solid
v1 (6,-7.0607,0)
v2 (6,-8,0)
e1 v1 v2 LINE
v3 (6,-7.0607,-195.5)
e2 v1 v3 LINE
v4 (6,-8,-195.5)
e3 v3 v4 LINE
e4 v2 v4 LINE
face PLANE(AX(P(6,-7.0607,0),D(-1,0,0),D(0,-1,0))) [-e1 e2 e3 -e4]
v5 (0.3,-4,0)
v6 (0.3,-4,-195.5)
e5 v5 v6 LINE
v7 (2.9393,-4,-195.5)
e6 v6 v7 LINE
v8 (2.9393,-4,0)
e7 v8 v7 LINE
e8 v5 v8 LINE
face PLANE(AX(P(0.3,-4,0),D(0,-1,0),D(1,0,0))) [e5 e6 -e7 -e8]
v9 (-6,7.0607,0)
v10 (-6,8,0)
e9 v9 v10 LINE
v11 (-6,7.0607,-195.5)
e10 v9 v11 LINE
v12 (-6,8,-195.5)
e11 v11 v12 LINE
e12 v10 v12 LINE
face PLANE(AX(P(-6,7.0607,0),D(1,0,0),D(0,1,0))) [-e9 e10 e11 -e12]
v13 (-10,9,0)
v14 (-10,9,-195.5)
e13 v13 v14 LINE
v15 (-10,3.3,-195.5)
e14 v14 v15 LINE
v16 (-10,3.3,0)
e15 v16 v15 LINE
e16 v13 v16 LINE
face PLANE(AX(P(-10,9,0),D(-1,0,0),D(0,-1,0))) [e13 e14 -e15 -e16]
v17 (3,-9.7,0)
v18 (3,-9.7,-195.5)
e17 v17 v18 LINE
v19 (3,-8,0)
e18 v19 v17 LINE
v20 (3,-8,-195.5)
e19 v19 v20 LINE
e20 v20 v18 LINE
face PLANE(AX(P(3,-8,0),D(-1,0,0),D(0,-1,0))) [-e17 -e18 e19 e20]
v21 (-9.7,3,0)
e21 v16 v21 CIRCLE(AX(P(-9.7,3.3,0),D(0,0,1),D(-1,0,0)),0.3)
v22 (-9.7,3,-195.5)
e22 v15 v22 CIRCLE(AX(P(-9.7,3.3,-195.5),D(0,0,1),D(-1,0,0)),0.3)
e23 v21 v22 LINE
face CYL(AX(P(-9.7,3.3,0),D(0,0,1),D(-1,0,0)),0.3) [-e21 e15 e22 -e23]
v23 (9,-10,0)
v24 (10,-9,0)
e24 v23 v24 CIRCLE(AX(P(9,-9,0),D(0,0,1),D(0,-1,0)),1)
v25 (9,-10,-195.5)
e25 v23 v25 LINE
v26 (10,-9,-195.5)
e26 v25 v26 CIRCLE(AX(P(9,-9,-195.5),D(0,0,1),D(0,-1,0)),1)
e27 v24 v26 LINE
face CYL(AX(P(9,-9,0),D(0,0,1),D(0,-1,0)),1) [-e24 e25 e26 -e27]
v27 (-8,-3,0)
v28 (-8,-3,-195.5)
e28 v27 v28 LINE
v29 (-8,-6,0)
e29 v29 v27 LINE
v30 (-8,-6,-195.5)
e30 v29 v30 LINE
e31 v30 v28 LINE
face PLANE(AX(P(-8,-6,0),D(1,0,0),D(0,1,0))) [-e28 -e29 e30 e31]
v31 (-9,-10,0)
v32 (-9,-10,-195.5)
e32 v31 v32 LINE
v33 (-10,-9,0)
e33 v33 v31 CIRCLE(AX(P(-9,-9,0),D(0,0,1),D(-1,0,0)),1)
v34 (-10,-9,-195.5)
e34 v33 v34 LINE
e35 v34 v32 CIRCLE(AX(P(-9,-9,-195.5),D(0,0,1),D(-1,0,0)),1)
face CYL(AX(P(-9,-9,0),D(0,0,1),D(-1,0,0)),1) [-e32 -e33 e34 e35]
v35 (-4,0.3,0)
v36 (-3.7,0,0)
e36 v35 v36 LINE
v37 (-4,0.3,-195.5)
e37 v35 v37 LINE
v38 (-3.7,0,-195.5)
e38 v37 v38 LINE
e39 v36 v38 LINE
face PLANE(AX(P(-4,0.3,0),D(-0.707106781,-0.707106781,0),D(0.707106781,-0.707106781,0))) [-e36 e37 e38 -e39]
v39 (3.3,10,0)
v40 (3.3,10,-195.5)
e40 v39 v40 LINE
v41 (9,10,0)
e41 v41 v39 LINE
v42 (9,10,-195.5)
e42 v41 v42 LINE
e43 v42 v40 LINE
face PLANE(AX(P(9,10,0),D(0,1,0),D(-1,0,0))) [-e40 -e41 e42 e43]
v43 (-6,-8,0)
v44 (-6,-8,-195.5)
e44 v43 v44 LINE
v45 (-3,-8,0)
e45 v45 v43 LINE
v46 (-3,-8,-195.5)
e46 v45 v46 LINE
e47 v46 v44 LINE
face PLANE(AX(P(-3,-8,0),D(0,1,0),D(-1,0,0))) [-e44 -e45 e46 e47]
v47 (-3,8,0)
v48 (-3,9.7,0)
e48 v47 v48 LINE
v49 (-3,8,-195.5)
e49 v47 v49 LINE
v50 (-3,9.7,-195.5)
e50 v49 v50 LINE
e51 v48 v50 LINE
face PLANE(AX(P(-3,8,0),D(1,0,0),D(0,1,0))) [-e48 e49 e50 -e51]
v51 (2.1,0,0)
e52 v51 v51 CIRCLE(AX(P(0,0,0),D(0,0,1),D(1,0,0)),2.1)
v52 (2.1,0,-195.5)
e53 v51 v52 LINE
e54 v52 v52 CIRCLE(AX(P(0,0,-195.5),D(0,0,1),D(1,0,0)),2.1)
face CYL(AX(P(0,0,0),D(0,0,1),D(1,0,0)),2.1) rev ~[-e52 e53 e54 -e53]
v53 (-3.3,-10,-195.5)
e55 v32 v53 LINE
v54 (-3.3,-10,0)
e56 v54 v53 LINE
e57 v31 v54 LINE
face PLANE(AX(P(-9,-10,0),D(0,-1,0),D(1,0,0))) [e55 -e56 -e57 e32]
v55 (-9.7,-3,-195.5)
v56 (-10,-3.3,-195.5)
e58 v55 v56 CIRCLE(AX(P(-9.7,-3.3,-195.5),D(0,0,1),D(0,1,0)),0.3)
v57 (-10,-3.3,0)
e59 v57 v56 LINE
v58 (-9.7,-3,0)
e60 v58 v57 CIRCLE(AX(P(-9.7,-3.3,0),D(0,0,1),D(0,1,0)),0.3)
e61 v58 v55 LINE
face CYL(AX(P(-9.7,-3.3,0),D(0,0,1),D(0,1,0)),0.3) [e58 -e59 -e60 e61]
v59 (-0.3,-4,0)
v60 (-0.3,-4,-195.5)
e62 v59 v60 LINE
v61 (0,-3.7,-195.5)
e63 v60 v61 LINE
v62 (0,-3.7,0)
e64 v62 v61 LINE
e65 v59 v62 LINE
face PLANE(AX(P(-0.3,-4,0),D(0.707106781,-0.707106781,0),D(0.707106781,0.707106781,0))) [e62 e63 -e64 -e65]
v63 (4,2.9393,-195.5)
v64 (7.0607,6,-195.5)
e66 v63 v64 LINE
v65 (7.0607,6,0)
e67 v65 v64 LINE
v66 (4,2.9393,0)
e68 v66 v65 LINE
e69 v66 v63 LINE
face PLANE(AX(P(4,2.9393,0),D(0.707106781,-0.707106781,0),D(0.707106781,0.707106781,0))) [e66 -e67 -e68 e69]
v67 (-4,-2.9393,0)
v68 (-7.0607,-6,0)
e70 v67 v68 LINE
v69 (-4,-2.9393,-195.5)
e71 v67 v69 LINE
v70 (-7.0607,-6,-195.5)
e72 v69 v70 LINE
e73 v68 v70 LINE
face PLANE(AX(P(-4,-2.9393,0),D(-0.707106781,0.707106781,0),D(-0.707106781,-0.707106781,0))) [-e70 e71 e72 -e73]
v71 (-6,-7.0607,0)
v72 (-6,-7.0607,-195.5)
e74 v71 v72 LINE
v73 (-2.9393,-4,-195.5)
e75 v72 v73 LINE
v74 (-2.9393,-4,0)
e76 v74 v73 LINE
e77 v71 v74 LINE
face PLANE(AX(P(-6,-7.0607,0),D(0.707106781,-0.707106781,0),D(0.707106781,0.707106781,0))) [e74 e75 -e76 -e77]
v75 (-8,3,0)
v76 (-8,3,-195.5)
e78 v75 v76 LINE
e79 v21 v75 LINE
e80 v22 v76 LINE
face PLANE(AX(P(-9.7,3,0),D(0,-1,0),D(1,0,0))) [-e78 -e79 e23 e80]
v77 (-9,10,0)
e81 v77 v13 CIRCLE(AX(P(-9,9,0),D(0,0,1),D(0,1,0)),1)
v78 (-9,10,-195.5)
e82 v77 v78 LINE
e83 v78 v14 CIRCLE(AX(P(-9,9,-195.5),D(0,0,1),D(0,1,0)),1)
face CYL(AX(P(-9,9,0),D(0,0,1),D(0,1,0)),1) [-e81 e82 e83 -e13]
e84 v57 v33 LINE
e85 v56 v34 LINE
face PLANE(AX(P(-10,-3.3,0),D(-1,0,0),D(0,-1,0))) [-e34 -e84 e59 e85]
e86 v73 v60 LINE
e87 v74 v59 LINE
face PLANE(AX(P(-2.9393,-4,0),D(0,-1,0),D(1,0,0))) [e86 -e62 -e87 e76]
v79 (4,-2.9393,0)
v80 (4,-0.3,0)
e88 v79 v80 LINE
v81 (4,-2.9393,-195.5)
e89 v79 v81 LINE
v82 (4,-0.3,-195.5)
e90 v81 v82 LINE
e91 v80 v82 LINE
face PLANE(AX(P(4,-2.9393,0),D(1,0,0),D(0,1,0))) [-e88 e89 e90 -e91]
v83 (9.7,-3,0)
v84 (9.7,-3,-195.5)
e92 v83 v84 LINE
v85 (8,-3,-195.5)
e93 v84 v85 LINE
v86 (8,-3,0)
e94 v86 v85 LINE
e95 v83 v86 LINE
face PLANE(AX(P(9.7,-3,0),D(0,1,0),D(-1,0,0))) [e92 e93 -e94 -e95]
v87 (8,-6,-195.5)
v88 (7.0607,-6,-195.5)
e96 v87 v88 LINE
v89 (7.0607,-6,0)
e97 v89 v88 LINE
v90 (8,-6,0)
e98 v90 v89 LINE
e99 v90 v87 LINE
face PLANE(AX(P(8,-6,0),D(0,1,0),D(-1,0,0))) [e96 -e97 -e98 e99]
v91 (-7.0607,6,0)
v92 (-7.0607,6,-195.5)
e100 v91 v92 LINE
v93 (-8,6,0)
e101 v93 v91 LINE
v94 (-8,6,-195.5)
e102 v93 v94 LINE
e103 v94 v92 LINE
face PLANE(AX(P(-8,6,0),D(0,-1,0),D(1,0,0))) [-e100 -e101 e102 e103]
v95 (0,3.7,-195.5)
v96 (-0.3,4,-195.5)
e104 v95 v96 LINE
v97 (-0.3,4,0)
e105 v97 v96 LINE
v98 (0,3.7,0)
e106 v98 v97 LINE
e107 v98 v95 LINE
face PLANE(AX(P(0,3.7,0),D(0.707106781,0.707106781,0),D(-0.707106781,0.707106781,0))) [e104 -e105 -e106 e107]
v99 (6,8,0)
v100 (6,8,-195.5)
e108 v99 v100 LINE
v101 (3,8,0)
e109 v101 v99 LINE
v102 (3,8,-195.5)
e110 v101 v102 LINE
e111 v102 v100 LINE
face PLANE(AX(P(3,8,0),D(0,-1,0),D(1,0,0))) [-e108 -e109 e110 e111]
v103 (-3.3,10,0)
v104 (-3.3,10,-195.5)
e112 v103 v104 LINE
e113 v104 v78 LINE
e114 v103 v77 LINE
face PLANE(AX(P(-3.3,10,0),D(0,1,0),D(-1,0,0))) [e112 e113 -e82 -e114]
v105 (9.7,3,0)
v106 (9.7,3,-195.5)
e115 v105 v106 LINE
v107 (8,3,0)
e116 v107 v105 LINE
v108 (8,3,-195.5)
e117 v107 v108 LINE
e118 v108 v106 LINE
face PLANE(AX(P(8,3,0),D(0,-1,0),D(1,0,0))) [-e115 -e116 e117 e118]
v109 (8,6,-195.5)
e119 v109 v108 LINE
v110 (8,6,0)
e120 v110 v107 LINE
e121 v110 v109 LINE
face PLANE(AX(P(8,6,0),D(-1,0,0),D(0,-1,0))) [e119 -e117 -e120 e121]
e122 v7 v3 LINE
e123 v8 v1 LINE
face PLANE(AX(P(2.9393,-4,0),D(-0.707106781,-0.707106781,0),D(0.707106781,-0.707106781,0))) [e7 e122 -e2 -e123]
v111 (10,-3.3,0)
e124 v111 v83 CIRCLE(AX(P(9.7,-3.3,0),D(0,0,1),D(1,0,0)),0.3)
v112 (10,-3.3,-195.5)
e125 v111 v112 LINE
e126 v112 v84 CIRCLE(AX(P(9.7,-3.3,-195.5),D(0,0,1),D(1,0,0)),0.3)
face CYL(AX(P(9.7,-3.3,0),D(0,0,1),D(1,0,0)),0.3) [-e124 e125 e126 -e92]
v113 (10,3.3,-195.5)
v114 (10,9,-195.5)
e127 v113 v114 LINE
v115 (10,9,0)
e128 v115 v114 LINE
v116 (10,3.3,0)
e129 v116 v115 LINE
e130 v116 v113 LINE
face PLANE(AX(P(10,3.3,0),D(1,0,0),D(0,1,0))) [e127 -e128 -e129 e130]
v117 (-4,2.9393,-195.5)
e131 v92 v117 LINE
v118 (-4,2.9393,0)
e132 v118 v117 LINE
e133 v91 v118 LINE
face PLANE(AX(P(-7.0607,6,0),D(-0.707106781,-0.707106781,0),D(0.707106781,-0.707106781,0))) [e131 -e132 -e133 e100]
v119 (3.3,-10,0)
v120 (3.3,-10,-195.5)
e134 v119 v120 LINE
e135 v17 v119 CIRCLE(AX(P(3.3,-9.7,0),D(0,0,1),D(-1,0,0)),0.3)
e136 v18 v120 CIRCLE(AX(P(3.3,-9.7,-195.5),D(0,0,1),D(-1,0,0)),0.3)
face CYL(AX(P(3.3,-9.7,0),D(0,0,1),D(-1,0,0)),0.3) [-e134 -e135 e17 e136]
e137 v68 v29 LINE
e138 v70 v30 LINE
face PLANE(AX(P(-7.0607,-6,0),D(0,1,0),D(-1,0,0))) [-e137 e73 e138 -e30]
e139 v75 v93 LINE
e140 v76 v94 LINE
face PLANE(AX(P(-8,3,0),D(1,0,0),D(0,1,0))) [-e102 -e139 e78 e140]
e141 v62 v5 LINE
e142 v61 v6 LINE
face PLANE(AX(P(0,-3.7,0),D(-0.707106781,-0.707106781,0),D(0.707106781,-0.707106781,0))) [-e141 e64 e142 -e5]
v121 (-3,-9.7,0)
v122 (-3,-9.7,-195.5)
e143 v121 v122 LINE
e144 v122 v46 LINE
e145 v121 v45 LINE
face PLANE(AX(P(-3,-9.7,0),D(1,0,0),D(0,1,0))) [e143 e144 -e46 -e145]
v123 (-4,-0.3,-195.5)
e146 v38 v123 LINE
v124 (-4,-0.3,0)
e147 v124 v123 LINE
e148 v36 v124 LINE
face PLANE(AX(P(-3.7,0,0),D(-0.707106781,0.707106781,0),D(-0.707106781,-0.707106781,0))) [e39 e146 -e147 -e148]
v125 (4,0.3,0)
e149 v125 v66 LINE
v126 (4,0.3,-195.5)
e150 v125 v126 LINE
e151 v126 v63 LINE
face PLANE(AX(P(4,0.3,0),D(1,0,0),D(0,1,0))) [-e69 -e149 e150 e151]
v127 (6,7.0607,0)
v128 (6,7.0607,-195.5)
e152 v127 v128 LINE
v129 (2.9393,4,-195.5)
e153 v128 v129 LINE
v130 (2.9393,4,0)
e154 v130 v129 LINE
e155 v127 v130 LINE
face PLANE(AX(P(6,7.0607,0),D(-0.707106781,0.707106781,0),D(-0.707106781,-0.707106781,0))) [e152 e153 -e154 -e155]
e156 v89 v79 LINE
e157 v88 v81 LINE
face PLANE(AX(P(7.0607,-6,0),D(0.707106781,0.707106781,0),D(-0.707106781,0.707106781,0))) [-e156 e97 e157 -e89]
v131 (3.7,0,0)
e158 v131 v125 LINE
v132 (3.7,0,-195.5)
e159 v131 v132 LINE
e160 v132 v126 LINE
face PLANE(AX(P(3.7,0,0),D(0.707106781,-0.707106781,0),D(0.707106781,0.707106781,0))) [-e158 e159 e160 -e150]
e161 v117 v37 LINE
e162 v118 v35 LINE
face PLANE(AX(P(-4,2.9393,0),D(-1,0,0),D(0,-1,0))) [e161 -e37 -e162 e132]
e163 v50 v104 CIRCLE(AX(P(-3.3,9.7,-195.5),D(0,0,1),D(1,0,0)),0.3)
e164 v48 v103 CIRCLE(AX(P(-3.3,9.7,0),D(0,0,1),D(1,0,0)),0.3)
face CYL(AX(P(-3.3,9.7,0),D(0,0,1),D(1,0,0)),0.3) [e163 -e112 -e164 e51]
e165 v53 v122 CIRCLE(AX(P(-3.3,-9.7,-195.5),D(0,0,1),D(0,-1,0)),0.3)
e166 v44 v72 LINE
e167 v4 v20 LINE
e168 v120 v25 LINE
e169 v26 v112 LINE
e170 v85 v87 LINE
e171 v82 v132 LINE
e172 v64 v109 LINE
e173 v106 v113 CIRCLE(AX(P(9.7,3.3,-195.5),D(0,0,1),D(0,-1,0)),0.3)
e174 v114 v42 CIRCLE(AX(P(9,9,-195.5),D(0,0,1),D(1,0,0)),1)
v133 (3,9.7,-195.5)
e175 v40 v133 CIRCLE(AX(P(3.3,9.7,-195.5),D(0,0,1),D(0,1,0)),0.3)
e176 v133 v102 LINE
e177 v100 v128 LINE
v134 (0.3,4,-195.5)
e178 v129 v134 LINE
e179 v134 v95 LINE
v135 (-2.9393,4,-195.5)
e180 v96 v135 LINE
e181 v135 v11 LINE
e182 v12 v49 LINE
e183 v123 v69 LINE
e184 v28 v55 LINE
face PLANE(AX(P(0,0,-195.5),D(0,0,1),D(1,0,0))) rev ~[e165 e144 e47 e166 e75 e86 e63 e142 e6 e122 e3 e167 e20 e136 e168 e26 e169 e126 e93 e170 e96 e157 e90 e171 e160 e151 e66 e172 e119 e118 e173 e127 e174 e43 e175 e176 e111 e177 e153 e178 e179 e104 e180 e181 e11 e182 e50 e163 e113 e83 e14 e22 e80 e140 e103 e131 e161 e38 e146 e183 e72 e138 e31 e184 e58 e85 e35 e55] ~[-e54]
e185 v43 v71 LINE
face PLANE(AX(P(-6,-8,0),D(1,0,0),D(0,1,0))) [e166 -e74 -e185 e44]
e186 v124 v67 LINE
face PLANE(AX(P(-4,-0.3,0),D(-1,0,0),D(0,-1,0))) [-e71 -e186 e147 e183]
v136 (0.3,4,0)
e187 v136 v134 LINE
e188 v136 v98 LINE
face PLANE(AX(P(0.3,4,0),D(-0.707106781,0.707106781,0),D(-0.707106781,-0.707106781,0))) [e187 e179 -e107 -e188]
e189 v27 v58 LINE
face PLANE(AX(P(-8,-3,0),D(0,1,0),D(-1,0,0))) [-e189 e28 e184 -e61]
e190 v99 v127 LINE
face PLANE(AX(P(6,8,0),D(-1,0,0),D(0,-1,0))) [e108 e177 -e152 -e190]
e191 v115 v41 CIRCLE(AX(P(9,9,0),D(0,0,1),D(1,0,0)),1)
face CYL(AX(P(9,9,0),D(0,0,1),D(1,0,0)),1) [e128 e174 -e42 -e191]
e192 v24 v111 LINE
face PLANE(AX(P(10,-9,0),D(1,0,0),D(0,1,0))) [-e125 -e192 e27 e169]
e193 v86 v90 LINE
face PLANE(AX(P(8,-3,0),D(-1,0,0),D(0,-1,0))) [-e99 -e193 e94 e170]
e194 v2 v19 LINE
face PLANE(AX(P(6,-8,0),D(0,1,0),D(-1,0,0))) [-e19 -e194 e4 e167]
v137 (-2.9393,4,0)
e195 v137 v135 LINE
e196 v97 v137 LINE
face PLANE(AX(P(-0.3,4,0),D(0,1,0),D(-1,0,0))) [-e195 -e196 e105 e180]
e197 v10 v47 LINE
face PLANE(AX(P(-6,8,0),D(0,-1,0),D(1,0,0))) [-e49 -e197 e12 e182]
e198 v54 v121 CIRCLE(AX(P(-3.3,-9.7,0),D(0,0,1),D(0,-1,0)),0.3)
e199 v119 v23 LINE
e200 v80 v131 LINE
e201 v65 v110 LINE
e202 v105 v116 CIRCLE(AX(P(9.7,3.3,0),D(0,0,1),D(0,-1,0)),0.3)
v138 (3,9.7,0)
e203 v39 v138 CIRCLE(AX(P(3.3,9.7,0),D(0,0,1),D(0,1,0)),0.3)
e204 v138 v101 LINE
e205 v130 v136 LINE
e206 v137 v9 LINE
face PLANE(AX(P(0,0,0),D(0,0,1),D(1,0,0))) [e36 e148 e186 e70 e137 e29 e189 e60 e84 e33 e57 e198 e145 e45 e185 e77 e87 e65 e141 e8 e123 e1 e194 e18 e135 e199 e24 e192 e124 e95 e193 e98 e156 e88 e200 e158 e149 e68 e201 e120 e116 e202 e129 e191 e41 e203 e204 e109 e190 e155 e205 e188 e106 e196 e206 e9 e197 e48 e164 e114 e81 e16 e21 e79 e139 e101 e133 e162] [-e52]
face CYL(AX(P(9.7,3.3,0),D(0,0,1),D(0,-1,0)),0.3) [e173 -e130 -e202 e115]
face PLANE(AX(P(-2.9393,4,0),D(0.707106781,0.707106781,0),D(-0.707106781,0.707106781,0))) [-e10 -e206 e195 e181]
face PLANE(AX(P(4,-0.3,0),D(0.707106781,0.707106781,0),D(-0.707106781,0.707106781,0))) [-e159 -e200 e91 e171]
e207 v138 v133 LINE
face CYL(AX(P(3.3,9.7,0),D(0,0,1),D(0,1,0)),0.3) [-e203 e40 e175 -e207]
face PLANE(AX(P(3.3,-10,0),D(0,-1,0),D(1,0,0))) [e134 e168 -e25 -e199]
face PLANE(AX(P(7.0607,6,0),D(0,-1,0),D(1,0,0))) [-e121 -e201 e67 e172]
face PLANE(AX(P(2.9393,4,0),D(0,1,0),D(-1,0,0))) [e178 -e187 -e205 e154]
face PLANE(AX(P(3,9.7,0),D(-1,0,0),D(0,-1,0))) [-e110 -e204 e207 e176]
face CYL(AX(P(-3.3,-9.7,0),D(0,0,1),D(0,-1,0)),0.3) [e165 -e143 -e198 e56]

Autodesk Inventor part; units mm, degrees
ref_plane "YZ Plane" through (0, 0, 0) normal (1, 0, 0) x (0, 1, 0)
ref_plane "XZ Plane" through (0, 0, 0) normal (0, 1, 0) x (-1, 0, 0)
ref_plane "XY Plane" through (0, 0, 0) normal (0, 0, 1) x (1, 0, 0)
sketch "Sketch_5" plane through (0, 0, 0) normal (0, 0, 1) x (1, 0, 0)
  line L0 (-10, 9) -> (-10, 3.3)
  arc A0 (-10, 3.3) -> (-9.7, 3) centre (-9.7, 3.3) ccw
  line L1 (-9.7, 3) -> (-8, 3)
  line L2 (-8, 3) -> (-8, 6)
  line L3 (-8, 6) -> (-7.0607, 6)
  line L4 (-7.0607, 6) -> (-4, 2.9393)
  line L5 (-4, 2.9393) -> (-4, 0.3)
  line L6 (-4, 0.3) -> (-3.7, 0)
  line L7 (-3.7, 0) -> (-4, -0.3)
  line L8 (-4, -0.3) -> (-4, -2.9393)
  line L9 (-4, -2.9393) -> (-7.0607, -6)
  line L10 (-7.0607, -6) -> (-8, -6)
  line L11 (-8, -6) -> (-8, -3)
  line L12 (-8, -3) -> (-9.7, -3)
  arc A1 (-9.7, -3) -> (-10, -3.3) centre (-9.7, -3.3) ccw
  line L13 (-10, -3.3) -> (-10, -9)
  arc A2 (-10, -9) -> (-9, -10) centre (-9, -9) ccw
  line L14 (-9, -10) -> (-3.3, -10)
  arc A3 (-3.3, -10) -> (-3, -9.7) centre (-3.3, -9.7) ccw
  line L15 (-3, -9.7) -> (-3, -8)
  line L16 (-3, -8) -> (-6, -8)
  line L17 (-6, -8) -> (-6, -7.0607)
  line L18 (-6, -7.0607) -> (-2.9393, -4)
  line L19 (-2.9393, -4) -> (-0.3, -4)
  line L20 (-0.3, -4) -> (0, -3.7)
  line L21 (0, -3.7) -> (0.3, -4)
  line L22 (0.3, -4) -> (2.9393, -4)
  line L23 (2.9393, -4) -> (6, -7.0607)
  line L24 (6, -7.0607) -> (6, -8)
  line L25 (6, -8) -> (3, -8)
  line L26 (3, -8) -> (3, -9.7)
  arc A4 (3, -9.7) -> (3.3, -10) centre (3.3, -9.7) ccw
  line L27 (3.3, -10) -> (9, -10)
  arc A5 (9, -10) -> (10, -9) centre (9, -9) ccw
  line L28 (10, -9) -> (10, -3.3)
  arc A6 (10, -3.3) -> (9.7, -3) centre (9.7, -3.3) ccw
  line L29 (9.7, -3) -> (8, -3)
  line L30 (8, -3) -> (8, -6)
  line L31 (8, -6) -> (7.0607, -6)
  line L32 (7.0607, -6) -> (4, -2.9393)
  line L33 (4, -2.9393) -> (4, -0.3)
  line L34 (4, -0.3) -> (3.7, 0)
  line L35 (3.7, 0) -> (4, 0.3)
  line L36 (4, 0.3) -> (4, 2.9393)
  line L37 (4, 2.9393) -> (7.0607, 6)
  line L38 (7.0607, 6) -> (8, 6)
  line L39 (8, 6) -> (8, 3)
  line L40 (8, 3) -> (9.7, 3)
  arc A7 (9.7, 3) -> (10, 3.3) centre (9.7, 3.3) ccw
  line L41 (10, 3.3) -> (10, 9)
  arc A8 (10, 9) -> (9, 10) centre (9, 9) ccw
  line L42 (9, 10) -> (3.3, 10)
  arc A9 (3.3, 10) -> (3, 9.7) centre (3.3, 9.7) ccw
  line L43 (3, 9.7) -> (3, 8)
  line L44 (3, 8) -> (6, 8)
  line L45 (6, 8) -> (6, 7.0607)
  line L46 (6, 7.0607) -> (2.9393, 4)
  line L47 (2.9393, 4) -> (0.3, 4)
  line L48 (0.3, 4) -> (0, 3.7)
  line L49 (0, 3.7) -> (-0.3, 4)
  line L50 (-0.3, 4) -> (-2.9393, 4)
  line L51 (-2.9393, 4) -> (-6, 7.0607)
  line L52 (-6, 7.0607) -> (-6, 8)
  line L53 (-6, 8) -> (-3, 8)
  line L54 (-3, 8) -> (-3, 9.7)
  arc A10 (-3, 9.7) -> (-3.3, 10) centre (-3.3, 9.7) ccw
  line L55 (-3.3, 10) -> (-9, 10)
  arc A11 (-9, 10) -> (-10, 9) centre (-9, 9) ccw
  circle A12 centre (0, 0) radius 2.1
extrude "Extrusion1" add sketch "Sketch_5" against normal blind 195.5
properties part number "KHFS5-2020-4000" material "Aluminum 6061"
